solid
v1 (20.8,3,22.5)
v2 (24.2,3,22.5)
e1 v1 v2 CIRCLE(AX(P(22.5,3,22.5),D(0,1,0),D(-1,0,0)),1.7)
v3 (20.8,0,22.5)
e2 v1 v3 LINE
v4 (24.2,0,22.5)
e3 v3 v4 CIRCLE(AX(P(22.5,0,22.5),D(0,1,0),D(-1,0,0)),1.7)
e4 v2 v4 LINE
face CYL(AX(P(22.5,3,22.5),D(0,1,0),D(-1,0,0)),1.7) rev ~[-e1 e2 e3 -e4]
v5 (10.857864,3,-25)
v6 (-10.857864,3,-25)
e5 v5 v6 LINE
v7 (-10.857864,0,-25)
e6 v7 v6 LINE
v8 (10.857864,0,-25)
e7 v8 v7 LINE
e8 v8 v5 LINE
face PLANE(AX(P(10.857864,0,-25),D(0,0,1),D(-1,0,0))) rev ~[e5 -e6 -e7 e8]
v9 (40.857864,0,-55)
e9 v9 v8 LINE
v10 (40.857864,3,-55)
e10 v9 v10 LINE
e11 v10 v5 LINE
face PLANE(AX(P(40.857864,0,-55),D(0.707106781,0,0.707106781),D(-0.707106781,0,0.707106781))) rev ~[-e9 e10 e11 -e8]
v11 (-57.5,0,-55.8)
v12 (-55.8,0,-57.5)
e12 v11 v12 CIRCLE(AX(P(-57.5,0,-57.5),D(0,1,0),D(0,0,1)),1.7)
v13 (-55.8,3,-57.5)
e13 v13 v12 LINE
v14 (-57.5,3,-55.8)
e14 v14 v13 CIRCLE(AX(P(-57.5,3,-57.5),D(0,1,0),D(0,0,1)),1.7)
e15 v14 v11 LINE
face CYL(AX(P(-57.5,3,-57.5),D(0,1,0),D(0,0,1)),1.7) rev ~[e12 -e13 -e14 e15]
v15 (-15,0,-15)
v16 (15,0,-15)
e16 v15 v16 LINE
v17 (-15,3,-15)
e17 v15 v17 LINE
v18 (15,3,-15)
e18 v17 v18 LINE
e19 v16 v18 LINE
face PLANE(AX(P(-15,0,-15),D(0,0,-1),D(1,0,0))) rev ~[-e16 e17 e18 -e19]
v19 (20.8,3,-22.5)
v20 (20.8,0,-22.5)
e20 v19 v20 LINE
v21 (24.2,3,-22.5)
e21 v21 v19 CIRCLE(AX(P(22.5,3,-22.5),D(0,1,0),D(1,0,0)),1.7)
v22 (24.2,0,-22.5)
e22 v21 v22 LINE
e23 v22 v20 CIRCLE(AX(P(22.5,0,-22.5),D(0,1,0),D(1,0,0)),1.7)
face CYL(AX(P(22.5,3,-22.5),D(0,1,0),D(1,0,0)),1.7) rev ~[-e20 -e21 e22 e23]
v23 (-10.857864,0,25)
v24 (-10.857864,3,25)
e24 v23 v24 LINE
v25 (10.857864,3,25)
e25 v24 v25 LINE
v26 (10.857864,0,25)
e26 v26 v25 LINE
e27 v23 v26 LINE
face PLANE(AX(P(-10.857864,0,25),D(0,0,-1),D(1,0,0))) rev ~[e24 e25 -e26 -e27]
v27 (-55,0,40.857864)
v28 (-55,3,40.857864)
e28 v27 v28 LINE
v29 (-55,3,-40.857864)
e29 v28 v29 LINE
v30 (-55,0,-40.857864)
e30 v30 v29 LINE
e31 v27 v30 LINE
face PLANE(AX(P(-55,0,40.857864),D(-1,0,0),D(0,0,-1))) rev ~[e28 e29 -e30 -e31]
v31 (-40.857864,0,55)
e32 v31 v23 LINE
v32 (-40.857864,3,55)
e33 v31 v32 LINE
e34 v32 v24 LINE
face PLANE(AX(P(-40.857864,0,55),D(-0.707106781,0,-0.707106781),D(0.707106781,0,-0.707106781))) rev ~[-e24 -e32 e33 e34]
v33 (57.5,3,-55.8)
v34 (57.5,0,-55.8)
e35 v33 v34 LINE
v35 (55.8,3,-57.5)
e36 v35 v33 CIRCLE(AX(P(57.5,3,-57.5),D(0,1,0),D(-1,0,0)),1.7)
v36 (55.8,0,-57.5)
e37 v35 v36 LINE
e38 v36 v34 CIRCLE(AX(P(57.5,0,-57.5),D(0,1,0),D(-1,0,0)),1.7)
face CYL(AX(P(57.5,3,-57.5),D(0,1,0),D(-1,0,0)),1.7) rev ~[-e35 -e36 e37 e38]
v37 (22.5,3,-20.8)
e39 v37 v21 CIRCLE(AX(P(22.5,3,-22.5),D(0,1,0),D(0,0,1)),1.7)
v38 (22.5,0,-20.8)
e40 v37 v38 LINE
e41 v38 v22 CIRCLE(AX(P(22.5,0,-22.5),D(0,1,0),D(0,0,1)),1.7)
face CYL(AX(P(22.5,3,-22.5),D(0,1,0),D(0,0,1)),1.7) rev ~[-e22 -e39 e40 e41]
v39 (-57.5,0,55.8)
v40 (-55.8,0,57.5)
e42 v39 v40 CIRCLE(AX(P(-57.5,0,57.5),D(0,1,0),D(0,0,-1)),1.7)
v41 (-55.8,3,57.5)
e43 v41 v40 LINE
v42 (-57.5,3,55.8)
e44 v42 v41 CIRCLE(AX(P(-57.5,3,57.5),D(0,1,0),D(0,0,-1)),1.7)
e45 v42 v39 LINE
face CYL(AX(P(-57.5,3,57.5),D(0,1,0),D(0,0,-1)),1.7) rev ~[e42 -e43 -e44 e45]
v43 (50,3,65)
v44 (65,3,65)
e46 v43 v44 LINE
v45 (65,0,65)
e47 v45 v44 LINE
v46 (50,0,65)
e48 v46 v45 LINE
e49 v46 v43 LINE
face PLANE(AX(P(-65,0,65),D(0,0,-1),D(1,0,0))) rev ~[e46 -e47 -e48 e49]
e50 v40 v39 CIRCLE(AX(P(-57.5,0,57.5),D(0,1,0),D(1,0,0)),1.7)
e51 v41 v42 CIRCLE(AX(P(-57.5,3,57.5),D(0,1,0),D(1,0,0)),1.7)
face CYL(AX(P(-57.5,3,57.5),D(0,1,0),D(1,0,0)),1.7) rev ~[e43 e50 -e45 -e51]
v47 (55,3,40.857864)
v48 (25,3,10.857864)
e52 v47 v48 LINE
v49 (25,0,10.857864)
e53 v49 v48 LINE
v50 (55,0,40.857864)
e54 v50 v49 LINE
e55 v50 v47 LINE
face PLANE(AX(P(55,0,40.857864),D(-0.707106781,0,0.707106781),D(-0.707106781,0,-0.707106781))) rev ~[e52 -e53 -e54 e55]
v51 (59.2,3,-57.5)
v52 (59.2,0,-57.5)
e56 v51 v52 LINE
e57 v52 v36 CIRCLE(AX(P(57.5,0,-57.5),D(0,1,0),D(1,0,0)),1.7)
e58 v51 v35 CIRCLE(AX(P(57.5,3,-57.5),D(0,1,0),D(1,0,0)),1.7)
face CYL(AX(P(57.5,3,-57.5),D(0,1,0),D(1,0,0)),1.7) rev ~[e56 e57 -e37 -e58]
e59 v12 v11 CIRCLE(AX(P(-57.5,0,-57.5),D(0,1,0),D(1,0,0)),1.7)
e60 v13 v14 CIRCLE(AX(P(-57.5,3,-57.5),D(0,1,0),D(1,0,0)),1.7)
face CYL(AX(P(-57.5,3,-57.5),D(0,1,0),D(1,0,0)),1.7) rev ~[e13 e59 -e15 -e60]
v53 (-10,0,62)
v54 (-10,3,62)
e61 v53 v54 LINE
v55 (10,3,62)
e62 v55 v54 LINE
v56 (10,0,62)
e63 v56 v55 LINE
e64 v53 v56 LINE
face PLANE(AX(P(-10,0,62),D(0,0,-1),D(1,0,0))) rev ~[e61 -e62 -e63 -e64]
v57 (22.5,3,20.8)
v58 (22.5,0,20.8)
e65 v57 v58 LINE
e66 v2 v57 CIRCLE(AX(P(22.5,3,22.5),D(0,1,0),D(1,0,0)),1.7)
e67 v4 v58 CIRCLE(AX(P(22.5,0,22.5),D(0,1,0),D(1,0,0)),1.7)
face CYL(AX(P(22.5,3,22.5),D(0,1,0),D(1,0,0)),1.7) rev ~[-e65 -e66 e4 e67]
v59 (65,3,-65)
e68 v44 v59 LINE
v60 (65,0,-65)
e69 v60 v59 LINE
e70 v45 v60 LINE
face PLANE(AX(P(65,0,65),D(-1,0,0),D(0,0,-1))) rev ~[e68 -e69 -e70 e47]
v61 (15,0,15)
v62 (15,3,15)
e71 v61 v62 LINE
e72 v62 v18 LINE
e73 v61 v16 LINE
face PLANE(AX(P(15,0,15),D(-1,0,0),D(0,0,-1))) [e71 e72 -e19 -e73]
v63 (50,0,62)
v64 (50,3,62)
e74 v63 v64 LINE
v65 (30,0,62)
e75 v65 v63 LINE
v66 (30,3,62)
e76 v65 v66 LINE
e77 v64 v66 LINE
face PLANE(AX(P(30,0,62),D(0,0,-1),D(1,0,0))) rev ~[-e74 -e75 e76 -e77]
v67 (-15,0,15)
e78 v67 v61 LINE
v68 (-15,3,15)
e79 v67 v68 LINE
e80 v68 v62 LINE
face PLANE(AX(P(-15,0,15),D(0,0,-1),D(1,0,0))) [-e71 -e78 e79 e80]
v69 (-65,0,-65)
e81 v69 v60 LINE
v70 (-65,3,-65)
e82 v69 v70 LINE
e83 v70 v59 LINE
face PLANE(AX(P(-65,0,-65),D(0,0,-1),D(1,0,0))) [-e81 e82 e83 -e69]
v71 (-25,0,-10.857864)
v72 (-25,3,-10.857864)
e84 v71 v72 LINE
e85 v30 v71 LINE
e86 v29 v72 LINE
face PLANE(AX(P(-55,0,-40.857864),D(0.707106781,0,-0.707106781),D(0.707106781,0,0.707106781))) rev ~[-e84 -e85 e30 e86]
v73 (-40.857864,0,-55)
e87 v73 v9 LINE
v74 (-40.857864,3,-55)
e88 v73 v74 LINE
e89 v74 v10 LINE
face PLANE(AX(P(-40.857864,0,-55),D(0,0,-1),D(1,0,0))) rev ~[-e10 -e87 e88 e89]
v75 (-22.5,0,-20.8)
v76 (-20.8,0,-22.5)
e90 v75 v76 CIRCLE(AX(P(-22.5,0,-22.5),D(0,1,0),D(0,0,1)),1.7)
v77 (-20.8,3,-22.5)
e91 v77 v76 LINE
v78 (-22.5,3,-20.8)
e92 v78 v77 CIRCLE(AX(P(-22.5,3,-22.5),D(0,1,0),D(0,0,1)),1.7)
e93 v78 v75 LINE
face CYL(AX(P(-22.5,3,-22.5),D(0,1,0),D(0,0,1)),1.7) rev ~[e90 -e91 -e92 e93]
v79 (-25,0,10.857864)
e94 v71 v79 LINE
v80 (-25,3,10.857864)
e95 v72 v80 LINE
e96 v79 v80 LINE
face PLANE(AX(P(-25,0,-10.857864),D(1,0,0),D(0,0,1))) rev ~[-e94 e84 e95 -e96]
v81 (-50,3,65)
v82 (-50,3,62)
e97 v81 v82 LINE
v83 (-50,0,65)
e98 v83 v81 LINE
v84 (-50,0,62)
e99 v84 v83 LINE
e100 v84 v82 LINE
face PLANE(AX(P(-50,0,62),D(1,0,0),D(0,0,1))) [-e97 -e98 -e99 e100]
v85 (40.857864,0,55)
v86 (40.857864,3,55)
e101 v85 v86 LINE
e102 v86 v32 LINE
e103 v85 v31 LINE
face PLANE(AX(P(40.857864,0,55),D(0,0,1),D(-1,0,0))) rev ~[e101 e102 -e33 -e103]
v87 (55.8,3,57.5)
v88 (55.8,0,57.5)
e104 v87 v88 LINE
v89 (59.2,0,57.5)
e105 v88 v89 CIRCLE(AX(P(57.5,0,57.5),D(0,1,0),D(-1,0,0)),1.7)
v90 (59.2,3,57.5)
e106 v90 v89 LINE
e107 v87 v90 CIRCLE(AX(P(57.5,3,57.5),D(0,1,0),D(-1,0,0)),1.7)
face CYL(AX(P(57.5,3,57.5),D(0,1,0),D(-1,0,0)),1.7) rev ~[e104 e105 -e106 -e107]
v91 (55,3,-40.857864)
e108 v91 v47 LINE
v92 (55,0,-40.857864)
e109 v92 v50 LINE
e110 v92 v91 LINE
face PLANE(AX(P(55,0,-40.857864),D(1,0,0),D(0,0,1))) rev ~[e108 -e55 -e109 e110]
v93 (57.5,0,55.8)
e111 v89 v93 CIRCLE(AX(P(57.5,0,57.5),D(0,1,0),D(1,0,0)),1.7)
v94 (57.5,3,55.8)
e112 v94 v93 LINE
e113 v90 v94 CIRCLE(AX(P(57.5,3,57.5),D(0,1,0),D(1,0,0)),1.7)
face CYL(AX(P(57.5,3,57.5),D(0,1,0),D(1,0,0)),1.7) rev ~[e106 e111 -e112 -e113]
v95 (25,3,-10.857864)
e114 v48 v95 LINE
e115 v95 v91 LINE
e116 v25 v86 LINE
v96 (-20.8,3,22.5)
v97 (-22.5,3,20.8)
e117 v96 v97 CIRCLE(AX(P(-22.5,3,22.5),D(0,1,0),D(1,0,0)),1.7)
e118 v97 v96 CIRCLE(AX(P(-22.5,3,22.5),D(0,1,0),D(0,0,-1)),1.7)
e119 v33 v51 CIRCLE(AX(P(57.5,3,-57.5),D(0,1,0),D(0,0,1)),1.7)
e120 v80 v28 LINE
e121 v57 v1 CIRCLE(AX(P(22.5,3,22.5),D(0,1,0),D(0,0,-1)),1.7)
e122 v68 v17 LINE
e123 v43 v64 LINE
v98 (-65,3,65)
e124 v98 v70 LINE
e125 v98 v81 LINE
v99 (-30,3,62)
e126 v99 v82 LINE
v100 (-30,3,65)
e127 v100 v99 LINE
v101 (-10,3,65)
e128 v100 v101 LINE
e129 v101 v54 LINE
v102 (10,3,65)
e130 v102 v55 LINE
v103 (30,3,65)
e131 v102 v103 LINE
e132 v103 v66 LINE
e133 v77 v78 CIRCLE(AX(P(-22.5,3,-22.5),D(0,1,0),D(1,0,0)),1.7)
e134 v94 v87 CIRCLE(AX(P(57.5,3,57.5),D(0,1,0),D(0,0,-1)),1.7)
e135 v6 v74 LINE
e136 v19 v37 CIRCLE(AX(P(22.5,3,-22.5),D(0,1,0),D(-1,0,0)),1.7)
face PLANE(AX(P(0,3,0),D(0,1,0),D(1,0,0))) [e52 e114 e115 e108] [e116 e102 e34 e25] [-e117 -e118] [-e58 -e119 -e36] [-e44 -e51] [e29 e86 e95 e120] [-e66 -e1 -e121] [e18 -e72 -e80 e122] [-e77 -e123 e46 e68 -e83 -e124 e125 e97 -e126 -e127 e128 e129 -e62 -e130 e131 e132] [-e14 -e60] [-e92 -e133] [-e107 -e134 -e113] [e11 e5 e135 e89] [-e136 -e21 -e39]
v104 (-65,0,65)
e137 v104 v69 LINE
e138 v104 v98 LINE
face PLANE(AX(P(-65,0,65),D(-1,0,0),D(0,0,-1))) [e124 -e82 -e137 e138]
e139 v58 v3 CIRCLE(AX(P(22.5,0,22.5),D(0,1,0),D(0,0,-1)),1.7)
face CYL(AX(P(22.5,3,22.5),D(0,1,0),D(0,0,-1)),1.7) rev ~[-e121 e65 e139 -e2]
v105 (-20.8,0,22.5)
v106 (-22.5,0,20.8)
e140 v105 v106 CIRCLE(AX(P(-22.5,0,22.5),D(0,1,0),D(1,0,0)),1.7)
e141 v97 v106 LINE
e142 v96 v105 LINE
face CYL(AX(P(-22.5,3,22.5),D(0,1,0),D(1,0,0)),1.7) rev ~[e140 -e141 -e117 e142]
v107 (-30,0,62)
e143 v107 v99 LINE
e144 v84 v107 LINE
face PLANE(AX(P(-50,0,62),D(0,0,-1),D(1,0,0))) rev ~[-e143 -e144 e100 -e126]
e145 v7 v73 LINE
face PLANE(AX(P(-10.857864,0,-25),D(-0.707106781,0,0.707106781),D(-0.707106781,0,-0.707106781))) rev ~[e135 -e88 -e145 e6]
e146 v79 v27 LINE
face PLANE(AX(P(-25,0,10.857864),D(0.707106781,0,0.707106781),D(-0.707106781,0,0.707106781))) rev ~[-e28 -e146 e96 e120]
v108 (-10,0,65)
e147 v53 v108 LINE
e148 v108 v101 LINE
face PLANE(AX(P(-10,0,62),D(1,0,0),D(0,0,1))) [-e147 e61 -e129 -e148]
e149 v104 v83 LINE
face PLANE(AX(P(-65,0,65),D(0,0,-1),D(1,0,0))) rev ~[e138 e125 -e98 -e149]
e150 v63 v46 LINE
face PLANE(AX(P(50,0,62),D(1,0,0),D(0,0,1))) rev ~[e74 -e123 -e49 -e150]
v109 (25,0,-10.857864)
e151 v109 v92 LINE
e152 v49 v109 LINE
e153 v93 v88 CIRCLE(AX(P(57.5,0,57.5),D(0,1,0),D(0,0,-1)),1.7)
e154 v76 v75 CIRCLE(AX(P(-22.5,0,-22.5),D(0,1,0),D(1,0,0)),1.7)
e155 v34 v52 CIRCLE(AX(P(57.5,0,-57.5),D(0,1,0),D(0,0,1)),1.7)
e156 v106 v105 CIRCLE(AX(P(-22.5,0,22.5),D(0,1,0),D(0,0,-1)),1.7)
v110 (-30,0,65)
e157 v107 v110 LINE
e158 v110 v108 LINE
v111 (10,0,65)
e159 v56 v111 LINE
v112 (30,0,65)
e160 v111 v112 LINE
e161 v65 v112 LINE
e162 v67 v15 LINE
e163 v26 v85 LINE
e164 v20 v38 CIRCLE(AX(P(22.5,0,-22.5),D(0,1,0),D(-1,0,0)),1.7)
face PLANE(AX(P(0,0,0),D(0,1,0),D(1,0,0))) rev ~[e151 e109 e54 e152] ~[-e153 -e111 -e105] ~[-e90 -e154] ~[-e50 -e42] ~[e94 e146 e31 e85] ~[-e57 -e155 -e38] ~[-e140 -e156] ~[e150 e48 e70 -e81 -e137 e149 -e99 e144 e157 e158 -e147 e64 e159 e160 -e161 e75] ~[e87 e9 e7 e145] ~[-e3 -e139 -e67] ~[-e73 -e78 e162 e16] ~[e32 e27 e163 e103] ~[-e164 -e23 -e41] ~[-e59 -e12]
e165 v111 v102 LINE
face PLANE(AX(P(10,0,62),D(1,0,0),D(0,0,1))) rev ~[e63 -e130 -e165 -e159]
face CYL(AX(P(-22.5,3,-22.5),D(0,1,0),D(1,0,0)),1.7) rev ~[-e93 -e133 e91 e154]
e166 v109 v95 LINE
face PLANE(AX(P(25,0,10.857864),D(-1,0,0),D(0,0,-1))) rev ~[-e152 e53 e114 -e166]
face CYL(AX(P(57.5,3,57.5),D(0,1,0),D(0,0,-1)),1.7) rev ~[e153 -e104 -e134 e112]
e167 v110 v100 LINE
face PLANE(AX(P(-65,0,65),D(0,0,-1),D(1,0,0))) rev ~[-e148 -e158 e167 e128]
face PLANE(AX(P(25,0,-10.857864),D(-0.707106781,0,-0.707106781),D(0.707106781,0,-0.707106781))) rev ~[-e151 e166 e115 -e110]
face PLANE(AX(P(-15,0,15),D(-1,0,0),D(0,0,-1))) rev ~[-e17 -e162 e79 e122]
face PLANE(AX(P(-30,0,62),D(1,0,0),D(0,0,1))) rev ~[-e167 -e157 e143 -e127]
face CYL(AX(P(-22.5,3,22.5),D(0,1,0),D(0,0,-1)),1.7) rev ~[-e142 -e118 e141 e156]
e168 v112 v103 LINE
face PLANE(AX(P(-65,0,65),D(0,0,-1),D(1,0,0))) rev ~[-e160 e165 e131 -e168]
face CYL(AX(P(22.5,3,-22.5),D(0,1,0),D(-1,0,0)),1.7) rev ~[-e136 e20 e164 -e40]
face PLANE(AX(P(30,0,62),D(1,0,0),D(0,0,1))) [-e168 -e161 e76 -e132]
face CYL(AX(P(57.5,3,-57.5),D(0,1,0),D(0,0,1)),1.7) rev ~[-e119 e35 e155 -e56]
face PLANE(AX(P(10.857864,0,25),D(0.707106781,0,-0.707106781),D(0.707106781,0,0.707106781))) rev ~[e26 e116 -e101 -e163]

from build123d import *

# Parameters (mm, degrees)
SKETCH1_W           = 130
SKETCH1_H           = 130
SKETCH1_W_2         = 30
SKETCH1_H_2         = 30
BOSS_EXTRUDE1_DEPTH = 3
CUT_EXTRUDE1_DEPTH  = 3
CUT_EXTRUDE2_DEPTH  = 3
SKETCH4_W           = 20
SKETCH4_H           = 3
SKETCH4_W_2         = 10
CUT_EXTRUDE3_DEPTH  = 10


with BuildPart() as part:
    # Sketch1 → Boss-Extrude1 (new body)
    with BuildSketch(Plane(origin=(0, 0, 0), x_dir=(1, 0, 0), z_dir=(0, 1, 0))):
        Rectangle(SKETCH1_W, SKETCH1_H)
        Polygon((-55, 40.857864376), (-25, 10.857864376), (-25, -10.857864376), (-55, -40.857864376), align=None, mode=Mode.SUBTRACT)
        Polygon((-40.857864376, -55), (-10.857864376, -25), (10.857864376, -25), (40.857864376, -55), align=None, mode=Mode.SUBTRACT)
        Polygon((55, -40.857864376), (25, -10.857864376), (25, 10.857864376), (55, 40.857864376), align=None, mode=Mode.SUBTRACT)
        Polygon((40.857864376, 55), (10.857864376, 25), (-10.857864376, 25), (-40.857864376, 55), align=None, mode=Mode.SUBTRACT)
        Rectangle(SKETCH1_W_2, SKETCH1_H_2, mode=Mode.SUBTRACT)
    extrude(amount=BOSS_EXTRUDE1_DEPTH)

    # Sketch2 → Cut-Extrude1 (cut)
    with BuildSketch(Plane(origin=(0, 3, 0), x_dir=(1, 0, 0), z_dir=(0, 1, 0))):
        with BuildLine():
            ThreePointArc((-55.8, 57.5), (-58.702081528, 58.702081528), (-57.5, 55.8))
            Line((-57.5, 55.8), (-57.5, 57.5))
            Line((-57.5, 57.5), (-55.8, 57.5))
        make_face()
        with BuildLine():
            Line((-57.5, 57.5), (-57.5, 55.8))
            ThreePointArc((-57.5, 55.8), (-56.297918472, 56.297918472), (-55.8, 57.5))
            Line((-55.8, 57.5), (-57.5, 57.5))
        make_face()
        with BuildLine():
            Line((-57.5, -55.8), (-57.5, -57.5))
            Line((-57.5, -57.5), (-55.8, -57.5))
            ThreePointArc((-55.8, -57.5), (-56.297918472, -56.297918472), (-57.5, -55.8))
        make_face()
        with BuildLine():
            Line((-55.8, -57.5), (-57.5, -57.5))
            Line((-57.5, -57.5), (-57.5, -55.8))
            ThreePointArc((-57.5, -55.8), (-58.702081528, -58.702081528), (-55.8, -57.5))
        make_face()
        with BuildLine():
            ThreePointArc((57.5, -55.8), (56.297918472, -56.297918472), (55.8, -57.5))
            Line((55.8, -57.5), (57.5, -57.5))
            Line((57.5, -57.5), (57.5, -55.8))
        make_face()
        with BuildLine():
            Line((57.5, -57.5), (55.8, -57.5))
            ThreePointArc((55.8, -57.5), (57.5, -59.2), (59.2, -57.5))
            ThreePointArc((59.2, -57.5), (58.702081528, -56.297918472), (57.5, -55.8))
            Line((57.5, -55.8), (57.5, -57.5))
        make_face()
        with BuildLine():
            ThreePointArc((55.8, 57.5), (56.297918472, 56.297918472), (57.5, 55.8))
            Line((57.5, 55.8), (57.5, 57.5))
            Line((57.5, 57.5), (55.8, 57.5))
        make_face()
        with BuildLine():
            Line((57.5, 57.5), (57.5, 55.8))
            ThreePointArc((57.5, 55.8), (58.702081528, 56.297918472), (59.2, 57.5))
            ThreePointArc((59.2, 57.5), (57.5, 59.2), (55.8, 57.5))
            Line((55.8, 57.5), (57.5, 57.5))
        make_face()
    extrude(amount=-CUT_EXTRUDE1_DEPTH, mode=Mode.SUBTRACT)

    # Sketch3 → Cut-Extrude2 (cut)
    with BuildSketch(Plane(origin=(0, 3, 0), x_dir=(1, 0, 0), z_dir=(0, 1, 0))):
        with BuildLine():
            Line((-22.5, -20.8), (-22.5, -22.5))
            Line((-22.5, -22.5), (-20.8, -22.5))
            ThreePointArc((-20.8, -22.5), (-21.297918472, -21.297918472), (-22.5, -20.8))
        make_face()
        with BuildLine():
            Line((-20.8, -22.5), (-22.5, -22.5))
            Line((-22.5, -22.5), (-22.5, -20.8))
            ThreePointArc((-22.5, -20.8), (-23.702081528, -23.702081528), (-20.8, -22.5))
        make_face()
        with BuildLine():
            ThreePointArc((-20.8, 22.5), (-23.702081528, 23.702081528), (-22.5, 20.8))
            Line((-22.5, 20.8), (-22.5, 22.5))
            Line((-22.5, 22.5), (-20.8, 22.5))
        make_face()
        with BuildLine():
            Line((-22.5, 22.5), (-22.5, 20.8))
            ThreePointArc((-22.5, 20.8), (-21.297918472, 21.297918472), (-20.8, 22.5))
            Line((-20.8, 22.5), (-22.5, 22.5))
        make_face()
        with BuildLine():
            ThreePointArc((22.5, -20.8), (21.297918472, -21.297918472), (20.8, -22.5))
            Line((20.8, -22.5), (22.5, -22.5))
            Line((22.5, -22.5), (22.5, -20.8))
        make_face()
        with BuildLine():
            Line((22.5, -22.5), (20.8, -22.5))
            ThreePointArc((20.8, -22.5), (22.5, -24.2), (24.2, -22.5))
            ThreePointArc((24.2, -22.5), (23.702081528, -21.297918472), (22.5, -20.8))
            Line((22.5, -20.8), (22.5, -22.5))
        make_face()
        with BuildLine():
            ThreePointArc((20.8, 22.5), (21.297918472, 21.297918472), (22.5, 20.8))
            Line((22.5, 20.8), (22.5, 22.5))
            Line((22.5, 22.5), (20.8, 22.5))
        make_face()
        with BuildLine():
            Line((22.5, 22.5), (22.5, 20.8))
            ThreePointArc((22.5, 20.8), (23.702081528, 21.297918472), (24.2, 22.5))
            ThreePointArc((24.2, 22.5), (22.5, 24.2), (20.8, 22.5))
            Line((20.8, 22.5), (22.5, 22.5))
        make_face()
    extrude(amount=-CUT_EXTRUDE2_DEPTH, mode=Mode.SUBTRACT)

    # Sketch4 → Cut-Extrude3 (cut)
    with BuildSketch(Plane.XZ):
        with Locations((40, 63.5)):
            Rectangle(SKETCH4_W, SKETCH4_H)
        with Locations((5, 63.5)):
            Rectangle(SKETCH4_W_2, SKETCH4_H)
        with Locations((-5, 63.5)):
            Rectangle(SKETCH4_W_2, SKETCH4_H)
        with Locations((-40, 63.5)):
            Rectangle(SKETCH4_W, SKETCH4_H)
    extrude(amount=-CUT_EXTRUDE3_DEPTH, mode=Mode.SUBTRACT)


solid = part.part
